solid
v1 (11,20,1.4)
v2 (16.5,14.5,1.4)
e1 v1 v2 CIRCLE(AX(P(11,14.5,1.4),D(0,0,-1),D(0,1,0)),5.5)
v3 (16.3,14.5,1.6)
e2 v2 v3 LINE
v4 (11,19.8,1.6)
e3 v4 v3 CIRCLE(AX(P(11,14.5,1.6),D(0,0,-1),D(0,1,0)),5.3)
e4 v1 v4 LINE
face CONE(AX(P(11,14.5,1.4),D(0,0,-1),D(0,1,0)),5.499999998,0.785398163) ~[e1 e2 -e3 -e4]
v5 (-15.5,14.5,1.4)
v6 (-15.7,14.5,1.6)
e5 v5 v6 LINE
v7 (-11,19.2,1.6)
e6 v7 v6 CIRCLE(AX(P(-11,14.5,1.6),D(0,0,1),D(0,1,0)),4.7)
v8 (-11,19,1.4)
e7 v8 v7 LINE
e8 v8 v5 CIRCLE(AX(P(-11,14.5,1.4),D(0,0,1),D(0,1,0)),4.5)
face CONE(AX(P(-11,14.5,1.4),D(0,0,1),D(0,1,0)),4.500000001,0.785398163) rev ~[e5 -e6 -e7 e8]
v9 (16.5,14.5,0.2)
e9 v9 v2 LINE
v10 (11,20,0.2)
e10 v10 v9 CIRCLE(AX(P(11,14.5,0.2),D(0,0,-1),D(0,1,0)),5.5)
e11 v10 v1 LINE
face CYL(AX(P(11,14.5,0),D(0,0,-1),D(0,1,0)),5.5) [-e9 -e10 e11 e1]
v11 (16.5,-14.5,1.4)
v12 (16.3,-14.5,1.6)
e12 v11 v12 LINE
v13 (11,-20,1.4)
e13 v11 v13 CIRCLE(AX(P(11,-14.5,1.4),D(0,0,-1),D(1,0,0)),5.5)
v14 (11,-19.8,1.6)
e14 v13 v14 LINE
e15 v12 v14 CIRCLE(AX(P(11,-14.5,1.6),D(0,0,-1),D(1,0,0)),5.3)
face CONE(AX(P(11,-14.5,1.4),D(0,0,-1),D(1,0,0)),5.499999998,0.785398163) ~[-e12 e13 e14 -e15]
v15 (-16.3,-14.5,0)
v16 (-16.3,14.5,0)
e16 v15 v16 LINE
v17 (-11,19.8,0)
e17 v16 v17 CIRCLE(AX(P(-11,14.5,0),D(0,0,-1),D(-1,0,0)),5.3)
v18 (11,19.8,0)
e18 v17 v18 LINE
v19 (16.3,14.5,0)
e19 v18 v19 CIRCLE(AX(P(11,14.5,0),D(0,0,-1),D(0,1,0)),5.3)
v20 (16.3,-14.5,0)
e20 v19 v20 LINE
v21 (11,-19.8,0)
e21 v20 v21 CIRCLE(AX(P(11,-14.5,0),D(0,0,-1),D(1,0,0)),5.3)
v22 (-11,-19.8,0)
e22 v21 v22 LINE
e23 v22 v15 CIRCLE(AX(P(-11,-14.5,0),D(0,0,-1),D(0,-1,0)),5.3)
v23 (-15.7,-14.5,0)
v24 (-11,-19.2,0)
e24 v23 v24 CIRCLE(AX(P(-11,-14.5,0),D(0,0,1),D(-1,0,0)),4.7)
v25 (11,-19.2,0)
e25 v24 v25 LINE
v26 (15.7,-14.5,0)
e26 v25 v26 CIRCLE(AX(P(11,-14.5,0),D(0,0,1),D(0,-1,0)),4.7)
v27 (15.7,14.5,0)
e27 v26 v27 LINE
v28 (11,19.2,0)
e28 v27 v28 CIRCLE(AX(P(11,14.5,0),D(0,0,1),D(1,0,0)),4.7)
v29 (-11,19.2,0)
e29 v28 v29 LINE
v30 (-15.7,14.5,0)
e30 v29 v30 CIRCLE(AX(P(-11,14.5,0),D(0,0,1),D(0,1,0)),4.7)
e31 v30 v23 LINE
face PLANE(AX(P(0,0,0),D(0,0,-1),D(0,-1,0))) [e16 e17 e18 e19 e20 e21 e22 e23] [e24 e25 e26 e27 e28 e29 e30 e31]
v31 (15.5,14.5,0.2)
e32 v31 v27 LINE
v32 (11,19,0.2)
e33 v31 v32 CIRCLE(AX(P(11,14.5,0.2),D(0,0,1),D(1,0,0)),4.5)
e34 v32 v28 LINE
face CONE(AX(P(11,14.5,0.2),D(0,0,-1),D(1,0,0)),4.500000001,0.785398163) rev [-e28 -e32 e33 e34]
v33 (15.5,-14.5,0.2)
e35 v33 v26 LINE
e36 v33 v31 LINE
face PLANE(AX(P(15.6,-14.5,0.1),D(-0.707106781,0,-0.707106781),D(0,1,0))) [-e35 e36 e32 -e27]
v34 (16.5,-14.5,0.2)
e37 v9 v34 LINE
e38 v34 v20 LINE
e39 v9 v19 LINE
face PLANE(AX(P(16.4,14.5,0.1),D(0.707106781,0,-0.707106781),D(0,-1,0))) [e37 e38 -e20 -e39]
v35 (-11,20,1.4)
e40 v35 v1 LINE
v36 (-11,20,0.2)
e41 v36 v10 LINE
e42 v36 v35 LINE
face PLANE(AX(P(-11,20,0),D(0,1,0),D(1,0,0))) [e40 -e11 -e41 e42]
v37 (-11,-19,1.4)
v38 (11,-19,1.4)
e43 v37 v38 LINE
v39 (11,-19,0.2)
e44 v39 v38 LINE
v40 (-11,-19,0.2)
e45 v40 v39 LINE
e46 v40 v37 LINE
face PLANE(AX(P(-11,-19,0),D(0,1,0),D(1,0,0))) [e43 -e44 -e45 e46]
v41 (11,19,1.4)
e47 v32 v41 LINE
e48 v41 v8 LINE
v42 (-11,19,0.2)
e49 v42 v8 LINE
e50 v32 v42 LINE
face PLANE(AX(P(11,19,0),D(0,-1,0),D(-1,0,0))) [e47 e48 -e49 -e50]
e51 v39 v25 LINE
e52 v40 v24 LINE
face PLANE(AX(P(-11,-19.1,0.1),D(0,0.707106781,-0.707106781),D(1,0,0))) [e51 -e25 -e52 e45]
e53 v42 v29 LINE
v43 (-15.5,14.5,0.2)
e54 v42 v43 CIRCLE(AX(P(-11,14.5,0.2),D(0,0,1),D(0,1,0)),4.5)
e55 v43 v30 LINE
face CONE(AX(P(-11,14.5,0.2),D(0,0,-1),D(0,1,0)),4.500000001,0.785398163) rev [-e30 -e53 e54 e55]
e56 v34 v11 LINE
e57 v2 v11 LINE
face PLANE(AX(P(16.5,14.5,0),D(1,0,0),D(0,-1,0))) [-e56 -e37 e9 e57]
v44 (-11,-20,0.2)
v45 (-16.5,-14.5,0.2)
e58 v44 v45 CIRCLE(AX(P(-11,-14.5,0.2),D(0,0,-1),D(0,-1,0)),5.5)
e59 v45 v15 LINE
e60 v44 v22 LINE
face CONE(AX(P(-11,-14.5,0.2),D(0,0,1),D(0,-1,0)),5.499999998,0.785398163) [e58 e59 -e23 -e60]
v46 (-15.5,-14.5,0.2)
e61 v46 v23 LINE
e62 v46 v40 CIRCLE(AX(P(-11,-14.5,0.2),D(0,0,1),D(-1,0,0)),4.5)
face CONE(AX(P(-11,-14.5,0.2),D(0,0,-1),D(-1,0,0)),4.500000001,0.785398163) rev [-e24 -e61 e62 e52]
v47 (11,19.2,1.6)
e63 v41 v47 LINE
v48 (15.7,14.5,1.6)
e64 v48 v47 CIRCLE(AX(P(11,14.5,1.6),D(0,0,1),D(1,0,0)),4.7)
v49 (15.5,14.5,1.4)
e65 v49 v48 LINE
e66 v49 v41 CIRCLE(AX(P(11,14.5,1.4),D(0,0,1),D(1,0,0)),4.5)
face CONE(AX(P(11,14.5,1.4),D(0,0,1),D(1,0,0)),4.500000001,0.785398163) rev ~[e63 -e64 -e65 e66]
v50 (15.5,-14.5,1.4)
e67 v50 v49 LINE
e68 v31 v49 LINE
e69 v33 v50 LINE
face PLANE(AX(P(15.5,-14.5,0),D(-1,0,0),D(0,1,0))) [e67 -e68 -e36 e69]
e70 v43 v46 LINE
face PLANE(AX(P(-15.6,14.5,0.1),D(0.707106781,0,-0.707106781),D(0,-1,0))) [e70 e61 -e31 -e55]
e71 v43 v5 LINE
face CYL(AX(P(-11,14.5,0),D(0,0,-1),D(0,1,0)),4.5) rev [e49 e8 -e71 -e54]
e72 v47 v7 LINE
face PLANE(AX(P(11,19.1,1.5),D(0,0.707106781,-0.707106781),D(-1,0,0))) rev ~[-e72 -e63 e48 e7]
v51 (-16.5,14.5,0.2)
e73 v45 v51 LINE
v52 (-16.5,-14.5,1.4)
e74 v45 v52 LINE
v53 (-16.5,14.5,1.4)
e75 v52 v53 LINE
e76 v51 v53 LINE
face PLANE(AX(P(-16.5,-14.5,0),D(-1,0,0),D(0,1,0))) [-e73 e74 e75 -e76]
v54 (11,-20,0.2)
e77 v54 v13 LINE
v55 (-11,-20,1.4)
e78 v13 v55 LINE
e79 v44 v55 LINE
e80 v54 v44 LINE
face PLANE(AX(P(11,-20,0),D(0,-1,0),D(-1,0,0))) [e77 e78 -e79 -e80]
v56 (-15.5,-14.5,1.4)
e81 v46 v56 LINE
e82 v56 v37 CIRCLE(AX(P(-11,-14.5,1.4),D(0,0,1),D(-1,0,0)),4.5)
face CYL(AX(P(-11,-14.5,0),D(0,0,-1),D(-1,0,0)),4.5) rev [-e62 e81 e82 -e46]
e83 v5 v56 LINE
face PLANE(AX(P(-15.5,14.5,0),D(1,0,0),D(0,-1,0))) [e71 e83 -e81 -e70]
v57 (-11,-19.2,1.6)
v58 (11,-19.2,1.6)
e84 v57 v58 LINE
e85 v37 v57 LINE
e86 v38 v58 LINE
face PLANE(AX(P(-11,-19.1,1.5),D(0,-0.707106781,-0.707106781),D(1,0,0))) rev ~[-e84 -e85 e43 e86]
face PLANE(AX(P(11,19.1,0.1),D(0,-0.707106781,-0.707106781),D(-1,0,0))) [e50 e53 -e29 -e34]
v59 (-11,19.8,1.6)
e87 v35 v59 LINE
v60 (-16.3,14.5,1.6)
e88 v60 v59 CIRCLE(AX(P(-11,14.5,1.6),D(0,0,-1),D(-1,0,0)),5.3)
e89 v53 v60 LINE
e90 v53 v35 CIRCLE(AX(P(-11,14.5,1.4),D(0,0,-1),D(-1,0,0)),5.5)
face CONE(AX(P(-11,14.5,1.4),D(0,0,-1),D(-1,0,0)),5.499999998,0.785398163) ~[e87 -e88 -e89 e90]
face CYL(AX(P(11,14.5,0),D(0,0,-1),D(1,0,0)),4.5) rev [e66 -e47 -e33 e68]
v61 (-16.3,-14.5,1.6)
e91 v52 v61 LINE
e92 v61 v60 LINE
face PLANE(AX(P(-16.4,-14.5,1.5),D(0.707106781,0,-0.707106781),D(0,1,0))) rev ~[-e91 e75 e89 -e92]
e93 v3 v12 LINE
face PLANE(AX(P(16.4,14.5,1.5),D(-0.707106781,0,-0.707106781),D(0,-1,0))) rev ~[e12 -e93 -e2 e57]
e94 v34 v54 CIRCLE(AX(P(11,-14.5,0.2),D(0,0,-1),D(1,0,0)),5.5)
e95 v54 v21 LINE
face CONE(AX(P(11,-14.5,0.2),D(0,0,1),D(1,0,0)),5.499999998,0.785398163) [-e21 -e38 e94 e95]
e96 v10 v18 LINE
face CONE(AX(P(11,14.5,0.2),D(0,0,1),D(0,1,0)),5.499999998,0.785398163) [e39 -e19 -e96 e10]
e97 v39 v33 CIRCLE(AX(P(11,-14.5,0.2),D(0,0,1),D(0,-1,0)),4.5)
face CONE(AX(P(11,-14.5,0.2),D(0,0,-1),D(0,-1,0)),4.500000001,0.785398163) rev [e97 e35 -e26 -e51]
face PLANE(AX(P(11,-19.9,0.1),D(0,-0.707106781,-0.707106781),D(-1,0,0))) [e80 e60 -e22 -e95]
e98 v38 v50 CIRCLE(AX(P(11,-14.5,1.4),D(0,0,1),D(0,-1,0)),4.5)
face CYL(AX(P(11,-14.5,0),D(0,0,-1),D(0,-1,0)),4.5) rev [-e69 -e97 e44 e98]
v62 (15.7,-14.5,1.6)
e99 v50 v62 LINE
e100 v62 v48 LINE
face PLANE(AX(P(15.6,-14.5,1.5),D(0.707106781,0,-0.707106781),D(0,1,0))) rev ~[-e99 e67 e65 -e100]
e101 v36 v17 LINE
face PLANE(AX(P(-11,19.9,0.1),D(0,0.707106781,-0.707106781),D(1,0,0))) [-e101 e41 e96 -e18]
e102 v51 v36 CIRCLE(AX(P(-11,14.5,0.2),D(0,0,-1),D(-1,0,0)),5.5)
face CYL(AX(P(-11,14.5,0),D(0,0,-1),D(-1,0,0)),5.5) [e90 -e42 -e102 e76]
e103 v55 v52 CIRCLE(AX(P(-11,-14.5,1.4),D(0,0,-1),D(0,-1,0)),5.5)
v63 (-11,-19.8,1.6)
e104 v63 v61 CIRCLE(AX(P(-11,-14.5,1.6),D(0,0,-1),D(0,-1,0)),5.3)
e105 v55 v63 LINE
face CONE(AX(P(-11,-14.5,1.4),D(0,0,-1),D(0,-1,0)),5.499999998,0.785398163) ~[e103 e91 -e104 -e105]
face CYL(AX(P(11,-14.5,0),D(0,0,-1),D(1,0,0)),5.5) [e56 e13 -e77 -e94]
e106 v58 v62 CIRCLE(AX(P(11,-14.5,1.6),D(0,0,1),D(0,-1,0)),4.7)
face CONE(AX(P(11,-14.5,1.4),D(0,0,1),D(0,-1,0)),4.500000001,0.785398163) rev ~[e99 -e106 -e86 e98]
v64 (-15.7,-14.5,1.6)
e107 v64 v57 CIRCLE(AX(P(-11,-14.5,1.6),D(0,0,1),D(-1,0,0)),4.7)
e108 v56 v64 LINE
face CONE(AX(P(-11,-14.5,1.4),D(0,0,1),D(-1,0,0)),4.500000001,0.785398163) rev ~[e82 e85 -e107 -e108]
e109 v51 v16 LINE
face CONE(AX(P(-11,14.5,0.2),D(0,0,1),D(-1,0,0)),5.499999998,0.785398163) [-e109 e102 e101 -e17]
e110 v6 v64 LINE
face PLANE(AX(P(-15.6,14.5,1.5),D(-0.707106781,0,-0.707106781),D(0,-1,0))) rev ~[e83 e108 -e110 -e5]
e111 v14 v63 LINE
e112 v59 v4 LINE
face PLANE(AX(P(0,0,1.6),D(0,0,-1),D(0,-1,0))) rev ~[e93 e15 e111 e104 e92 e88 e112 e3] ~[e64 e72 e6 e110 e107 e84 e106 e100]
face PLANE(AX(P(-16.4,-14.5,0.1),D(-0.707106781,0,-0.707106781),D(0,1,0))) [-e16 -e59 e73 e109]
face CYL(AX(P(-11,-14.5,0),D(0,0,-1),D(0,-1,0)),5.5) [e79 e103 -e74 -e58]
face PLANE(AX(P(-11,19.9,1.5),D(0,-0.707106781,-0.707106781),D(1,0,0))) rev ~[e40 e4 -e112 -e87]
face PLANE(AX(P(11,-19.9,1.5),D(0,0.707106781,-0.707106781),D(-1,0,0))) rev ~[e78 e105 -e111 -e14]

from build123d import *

# Parameters (mm, degrees)
AUFSATZ_LINEAR_AUSTRAGEN1_DEPTH = 1.6
FASE1_SIZE                      = 0.2


with BuildPart() as part:
    # Skizze1 → Aufsatz-Linear austragen1 (new body)
    with BuildSketch(Plane(origin=(0, 0, 0), x_dir=(0, 1, 0), z_dir=(0, 0, 1))):
        with BuildLine():
            Line((-20, -11), (-20, 11))
            ThreePointArc((-20, 11), (-18.389087297, 14.889087297), (-14.5, 16.5))
            Line((-14.5, 16.5), (14.5, 16.5))
            ThreePointArc((14.5, 16.5), (18.389087297, 14.889087297), (20, 11))
            Line((20, 11), (20, -11))
            ThreePointArc((20, -11), (18.389087297, -14.889087297), (14.5, -16.5))
            Line((14.5, -16.5), (-14.5, -16.5))
            ThreePointArc((-14.5, -16.5), (-18.389087297, -14.889087297), (-20, -11))
        make_face()
        with BuildLine():
            Line((-14.5, -15.5), (14.5, -15.5))
            ThreePointArc((14.5, -15.5), (17.681980515, -14.181980515), (19, -11))
            Line((19, -11), (19, 11))
            ThreePointArc((19, 11), (17.681980515, 14.181980515), (14.5, 15.5))
            Line((14.5, 15.5), (-14.5, 15.5))
            ThreePointArc((-14.5, 15.5), (-17.681980515, 14.181980515), (-19, 11))
            Line((-19, 11), (-19, -11))
            ThreePointArc((-19, -11), (-17.681980515, -14.181980515), (-14.5, -15.5))
        make_face(mode=Mode.SUBTRACT)
    extrude(amount=AUFSATZ_LINEAR_AUSTRAGEN1_DEPTH)

    # Fase1
    fase1_edges = [part.edges().sort_by_distance(p)[0] for p in [
        (16.5, 0, 0),
        (14.889087297, -18.389087297, 0),
        (0, -20, 0),
        (-14.889087297, -18.389087297, 0),
        (14.889087297, -18.389087297, 1.6),
        (16.5, 0, 1.6),
        (14.889087297, 18.389087297, 1.6),
        (0, 20, 1.6),
        (14.181980515, 17.681980515, 0),
        (0, 19, 0),
        (-14.181980515, 17.681980515, 0),
        (-15.5, 0, 0),
        (-14.889087297, 18.389087297, 1.6),
        (-14.181980515, -17.681980515, 0),
        (0, -19, 0),
        (14.181980515, -17.681980515, 0),
        (15.5, 0, 0),
        (14.181980515, 17.681980515, 1.6),
        (0, 19, 1.6),
        (-14.181980515, 17.681980515, 1.6),
        (-15.5, 0, 1.6),
        (-14.181980515, -17.681980515, 1.6),
        (0, -19, 1.6),
        (14.181980515, -17.681980515, 1.6),
        (-16.5, 0, 1.6),
        (15.5, 0, 1.6),
        (-14.889087297, -18.389087297, 1.6),
        (-16.5, 0, 0),
        (0, -20, 1.6),
        (-14.889087297, 18.389087297, 0),
        (0, 20, 0),
        (14.889087297, 18.389087297, 0),
    ]]
    chamfer(fase1_edges, length=FASE1_SIZE)


solid = part.part
